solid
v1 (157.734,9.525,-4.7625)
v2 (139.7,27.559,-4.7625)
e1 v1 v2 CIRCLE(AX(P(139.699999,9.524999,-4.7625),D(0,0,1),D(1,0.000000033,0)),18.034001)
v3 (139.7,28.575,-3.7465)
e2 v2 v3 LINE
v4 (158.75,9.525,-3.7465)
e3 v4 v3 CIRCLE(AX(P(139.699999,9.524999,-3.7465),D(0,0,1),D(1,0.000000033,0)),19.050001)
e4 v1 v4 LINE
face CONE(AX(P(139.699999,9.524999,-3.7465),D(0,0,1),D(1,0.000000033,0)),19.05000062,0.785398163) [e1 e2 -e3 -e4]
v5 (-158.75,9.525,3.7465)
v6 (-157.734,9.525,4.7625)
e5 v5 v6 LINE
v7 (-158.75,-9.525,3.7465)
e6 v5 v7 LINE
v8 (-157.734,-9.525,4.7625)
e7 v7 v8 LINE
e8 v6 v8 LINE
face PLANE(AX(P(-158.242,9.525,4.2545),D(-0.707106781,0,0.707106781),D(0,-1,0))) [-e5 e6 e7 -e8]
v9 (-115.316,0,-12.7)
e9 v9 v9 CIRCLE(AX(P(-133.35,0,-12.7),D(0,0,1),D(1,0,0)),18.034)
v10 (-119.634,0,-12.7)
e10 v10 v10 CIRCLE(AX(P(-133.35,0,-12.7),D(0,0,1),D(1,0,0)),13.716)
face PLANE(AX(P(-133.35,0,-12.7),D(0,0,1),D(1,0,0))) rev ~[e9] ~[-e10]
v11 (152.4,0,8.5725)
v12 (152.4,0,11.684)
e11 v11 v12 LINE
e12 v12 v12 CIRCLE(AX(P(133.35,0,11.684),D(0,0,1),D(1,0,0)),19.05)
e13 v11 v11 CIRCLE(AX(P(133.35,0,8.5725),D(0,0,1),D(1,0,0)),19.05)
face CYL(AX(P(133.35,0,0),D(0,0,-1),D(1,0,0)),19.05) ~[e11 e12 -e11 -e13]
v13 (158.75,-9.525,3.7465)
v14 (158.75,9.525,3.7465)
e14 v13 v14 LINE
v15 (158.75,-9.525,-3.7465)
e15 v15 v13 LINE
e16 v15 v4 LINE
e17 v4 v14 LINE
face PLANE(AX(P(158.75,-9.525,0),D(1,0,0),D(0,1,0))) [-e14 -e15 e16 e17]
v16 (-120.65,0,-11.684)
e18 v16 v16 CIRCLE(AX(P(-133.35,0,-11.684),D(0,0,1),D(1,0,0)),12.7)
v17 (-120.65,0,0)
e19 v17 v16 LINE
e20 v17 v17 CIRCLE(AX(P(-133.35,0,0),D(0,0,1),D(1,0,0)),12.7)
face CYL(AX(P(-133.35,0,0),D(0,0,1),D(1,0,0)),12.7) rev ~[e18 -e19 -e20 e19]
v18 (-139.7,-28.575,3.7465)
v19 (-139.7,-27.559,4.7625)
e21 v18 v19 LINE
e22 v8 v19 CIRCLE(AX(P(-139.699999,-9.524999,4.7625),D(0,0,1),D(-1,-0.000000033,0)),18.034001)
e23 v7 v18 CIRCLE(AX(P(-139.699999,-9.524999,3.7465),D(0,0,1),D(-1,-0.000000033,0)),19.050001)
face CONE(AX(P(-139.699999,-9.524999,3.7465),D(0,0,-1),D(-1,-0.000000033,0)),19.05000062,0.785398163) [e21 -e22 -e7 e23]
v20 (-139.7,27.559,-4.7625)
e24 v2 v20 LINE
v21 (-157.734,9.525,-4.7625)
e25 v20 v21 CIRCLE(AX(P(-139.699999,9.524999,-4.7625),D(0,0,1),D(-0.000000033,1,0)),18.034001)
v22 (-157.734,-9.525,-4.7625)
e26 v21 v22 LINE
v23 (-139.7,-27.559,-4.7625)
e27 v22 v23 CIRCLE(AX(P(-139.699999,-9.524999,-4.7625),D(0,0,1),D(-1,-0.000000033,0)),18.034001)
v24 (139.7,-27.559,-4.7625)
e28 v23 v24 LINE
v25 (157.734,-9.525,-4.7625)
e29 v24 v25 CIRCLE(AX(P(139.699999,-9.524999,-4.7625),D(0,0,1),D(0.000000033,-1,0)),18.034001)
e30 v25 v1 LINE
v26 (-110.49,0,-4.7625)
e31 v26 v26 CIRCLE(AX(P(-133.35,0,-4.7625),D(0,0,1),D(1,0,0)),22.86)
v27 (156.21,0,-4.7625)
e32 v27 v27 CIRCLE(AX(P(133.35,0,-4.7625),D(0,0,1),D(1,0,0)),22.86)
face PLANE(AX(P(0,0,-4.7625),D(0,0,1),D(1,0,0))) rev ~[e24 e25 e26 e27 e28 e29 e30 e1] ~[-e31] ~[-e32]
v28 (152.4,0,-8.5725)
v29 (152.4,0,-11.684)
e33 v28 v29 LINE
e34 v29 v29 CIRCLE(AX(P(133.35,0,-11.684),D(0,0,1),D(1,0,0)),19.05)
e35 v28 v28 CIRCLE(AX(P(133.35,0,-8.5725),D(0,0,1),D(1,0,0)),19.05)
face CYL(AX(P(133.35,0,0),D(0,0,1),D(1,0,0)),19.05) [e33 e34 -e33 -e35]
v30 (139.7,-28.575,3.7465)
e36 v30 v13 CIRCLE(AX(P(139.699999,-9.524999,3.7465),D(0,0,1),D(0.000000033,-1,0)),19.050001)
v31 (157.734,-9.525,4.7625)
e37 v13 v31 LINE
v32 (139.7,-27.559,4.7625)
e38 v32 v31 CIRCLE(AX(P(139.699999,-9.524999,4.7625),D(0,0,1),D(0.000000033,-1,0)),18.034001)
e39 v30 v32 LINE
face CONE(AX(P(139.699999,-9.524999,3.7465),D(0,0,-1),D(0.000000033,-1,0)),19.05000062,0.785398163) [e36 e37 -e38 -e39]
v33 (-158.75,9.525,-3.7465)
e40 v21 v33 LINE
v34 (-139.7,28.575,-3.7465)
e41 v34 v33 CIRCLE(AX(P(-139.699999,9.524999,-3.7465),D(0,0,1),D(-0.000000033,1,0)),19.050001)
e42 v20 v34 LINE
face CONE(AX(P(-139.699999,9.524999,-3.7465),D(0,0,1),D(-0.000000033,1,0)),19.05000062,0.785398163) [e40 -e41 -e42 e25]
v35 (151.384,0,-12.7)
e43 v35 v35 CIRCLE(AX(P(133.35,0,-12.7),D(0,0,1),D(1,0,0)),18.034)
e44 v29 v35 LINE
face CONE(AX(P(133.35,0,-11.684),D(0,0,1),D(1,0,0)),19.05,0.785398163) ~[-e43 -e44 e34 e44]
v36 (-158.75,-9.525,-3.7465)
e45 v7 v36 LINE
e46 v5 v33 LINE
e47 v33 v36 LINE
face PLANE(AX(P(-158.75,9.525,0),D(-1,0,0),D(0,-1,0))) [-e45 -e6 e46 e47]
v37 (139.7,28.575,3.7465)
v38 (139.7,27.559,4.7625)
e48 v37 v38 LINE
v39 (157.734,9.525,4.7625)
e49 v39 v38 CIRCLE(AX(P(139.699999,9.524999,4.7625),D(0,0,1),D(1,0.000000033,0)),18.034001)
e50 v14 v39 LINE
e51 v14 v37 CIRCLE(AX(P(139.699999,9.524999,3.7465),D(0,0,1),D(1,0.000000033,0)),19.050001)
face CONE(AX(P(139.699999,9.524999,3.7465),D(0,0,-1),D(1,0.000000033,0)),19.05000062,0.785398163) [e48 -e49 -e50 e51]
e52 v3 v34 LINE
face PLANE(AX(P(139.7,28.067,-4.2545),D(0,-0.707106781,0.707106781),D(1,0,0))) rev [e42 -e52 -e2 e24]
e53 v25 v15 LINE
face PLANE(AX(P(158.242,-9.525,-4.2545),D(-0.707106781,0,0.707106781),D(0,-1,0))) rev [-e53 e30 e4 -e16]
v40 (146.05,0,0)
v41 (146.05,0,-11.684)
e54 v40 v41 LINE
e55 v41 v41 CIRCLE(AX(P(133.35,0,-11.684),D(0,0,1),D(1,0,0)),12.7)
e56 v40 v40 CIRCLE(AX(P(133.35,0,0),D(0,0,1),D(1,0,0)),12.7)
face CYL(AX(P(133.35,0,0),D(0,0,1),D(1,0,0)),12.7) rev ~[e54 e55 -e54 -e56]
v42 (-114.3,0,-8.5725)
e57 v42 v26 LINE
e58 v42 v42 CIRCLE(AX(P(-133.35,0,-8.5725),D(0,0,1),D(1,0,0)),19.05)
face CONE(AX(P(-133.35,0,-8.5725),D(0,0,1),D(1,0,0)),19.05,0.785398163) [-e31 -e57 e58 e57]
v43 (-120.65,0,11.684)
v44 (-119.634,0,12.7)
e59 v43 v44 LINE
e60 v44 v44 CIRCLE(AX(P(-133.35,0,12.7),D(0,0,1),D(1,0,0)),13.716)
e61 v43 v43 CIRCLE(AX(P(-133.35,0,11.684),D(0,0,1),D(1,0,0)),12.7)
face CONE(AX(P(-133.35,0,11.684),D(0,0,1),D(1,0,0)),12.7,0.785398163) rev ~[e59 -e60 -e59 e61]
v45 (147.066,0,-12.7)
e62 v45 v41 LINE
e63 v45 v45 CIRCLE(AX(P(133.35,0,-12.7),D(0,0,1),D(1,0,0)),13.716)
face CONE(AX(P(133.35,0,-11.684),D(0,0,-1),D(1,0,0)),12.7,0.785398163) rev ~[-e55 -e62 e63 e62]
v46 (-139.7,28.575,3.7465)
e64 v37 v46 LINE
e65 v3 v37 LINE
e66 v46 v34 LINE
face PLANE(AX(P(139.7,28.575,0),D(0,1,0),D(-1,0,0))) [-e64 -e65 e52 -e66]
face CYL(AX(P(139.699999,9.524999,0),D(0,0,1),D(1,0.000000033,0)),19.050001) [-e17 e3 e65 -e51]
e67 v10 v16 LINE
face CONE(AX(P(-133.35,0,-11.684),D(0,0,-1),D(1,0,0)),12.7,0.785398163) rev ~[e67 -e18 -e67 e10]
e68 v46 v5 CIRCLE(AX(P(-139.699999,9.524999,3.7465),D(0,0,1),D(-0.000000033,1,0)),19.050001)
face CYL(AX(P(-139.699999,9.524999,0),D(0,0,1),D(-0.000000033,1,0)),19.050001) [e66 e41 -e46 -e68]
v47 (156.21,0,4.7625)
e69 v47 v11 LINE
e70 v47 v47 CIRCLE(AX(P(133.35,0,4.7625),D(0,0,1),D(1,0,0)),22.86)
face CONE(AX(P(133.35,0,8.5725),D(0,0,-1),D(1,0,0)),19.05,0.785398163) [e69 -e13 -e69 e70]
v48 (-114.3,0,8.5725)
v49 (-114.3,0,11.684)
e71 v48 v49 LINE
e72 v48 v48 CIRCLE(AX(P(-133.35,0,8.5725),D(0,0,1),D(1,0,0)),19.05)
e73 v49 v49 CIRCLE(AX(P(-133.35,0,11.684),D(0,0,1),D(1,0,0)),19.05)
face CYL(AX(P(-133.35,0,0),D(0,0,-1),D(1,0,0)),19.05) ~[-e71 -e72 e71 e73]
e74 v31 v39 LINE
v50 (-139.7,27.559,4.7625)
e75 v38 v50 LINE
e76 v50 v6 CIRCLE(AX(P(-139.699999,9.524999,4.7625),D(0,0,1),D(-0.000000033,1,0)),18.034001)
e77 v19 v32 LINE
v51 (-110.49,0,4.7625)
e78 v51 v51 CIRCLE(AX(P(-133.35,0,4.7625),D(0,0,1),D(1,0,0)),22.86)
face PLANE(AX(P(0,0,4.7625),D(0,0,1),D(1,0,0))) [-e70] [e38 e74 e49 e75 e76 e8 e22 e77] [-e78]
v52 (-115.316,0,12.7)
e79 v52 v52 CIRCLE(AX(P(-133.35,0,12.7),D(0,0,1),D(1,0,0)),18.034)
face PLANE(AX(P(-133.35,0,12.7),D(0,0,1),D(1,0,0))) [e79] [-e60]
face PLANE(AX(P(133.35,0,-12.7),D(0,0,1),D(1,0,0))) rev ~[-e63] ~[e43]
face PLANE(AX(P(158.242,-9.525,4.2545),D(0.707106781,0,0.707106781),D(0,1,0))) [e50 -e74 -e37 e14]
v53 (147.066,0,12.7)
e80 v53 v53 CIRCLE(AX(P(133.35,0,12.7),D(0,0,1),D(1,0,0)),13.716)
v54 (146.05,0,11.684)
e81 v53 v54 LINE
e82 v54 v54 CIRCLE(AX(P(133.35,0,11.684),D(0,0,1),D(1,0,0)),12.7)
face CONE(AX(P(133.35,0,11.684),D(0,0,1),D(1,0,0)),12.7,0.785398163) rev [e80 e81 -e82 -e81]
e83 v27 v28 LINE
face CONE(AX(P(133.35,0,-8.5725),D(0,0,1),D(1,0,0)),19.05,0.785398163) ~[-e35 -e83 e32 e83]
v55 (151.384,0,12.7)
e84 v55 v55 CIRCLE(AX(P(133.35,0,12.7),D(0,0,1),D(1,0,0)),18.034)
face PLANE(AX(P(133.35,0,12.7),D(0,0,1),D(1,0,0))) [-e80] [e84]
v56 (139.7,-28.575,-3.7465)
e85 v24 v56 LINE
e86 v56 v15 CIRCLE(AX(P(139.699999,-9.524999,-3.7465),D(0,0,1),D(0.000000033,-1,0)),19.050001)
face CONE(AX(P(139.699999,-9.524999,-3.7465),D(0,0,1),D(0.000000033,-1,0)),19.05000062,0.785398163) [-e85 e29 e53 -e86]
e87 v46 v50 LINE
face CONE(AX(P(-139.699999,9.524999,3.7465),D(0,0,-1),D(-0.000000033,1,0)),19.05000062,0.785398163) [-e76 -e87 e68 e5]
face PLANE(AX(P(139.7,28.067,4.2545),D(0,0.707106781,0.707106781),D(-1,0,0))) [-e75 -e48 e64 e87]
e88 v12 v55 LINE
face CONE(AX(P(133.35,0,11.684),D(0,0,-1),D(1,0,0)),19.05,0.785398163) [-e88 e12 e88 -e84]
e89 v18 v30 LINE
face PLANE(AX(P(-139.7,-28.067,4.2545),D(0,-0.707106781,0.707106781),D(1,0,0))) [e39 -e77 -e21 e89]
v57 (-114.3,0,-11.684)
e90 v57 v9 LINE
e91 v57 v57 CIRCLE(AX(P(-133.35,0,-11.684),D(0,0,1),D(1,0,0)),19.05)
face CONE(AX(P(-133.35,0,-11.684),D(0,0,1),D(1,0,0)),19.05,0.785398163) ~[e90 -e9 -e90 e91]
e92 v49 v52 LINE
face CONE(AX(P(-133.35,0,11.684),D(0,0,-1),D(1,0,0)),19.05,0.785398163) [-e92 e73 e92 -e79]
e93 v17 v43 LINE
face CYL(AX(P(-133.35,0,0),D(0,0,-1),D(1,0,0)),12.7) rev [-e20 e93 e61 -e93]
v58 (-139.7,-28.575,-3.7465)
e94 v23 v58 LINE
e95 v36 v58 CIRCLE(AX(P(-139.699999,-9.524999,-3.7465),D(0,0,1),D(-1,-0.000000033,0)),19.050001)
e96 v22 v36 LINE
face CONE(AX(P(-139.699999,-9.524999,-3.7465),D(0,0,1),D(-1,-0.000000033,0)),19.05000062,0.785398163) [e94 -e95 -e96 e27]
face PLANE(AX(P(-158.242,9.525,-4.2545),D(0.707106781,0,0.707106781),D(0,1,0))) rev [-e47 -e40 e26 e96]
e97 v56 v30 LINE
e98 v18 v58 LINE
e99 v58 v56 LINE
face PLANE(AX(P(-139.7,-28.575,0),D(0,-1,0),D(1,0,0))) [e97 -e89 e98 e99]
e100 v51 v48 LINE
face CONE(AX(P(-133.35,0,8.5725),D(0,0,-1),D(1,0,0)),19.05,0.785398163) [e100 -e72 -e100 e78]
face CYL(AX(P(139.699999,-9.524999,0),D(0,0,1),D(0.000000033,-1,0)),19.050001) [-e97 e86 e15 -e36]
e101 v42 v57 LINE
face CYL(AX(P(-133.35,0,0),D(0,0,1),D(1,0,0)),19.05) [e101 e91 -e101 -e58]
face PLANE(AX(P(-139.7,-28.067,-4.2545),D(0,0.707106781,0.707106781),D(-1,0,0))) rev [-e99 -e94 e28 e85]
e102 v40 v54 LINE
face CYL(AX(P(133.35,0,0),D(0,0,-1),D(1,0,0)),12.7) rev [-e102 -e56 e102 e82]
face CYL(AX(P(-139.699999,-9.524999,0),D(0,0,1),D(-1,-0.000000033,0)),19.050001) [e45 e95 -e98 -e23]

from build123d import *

# Parameters (mm, degrees)
F0_R          = 19.05
F1_DEPTH      = 4.7625
F1_DEPTH_BACK = 4.7625
F0_R_2        = 12.7
F2_DEPTH      = 12.7
F2_DEPTH_BACK = 12.7
F3_SIZE       = 1.016
F4_SIZE       = 3.81


with BuildPart() as f1:
    # F0 (on Top) → F1 (new body, two sides)
    with BuildSketch(Plane.XY) as f1_sk:
        with BuildLine():
            Line((-139.7, -28.575), (139.7, -28.575))
            ThreePointArc((139.7, -28.575), (153.170384, -22.995384), (158.75, -9.525))
            Line((158.75, -9.525), (158.75, 9.525))
            ThreePointArc((158.75, 9.525), (153.170384, 22.995384), (139.7, 28.575))
            Line((139.7, 28.575), (-139.7, 28.575))
            ThreePointArc((-139.7, 28.575), (-153.170384, 22.995384), (-158.75, 9.525))
            Line((-158.75, 9.525), (-158.75, -9.525))
            ThreePointArc((-158.75, -9.525), (-153.170384, -22.995384), (-139.7, -28.575))
        make_face()
        with Locations((-133.35, 0)):
            Circle(F0_R, mode=Mode.SUBTRACT)
        with Locations((133.35, 0)):
            Circle(F0_R, mode=Mode.SUBTRACT)
    extrude(amount=F1_DEPTH)
    extrude(f1_sk.sketch, amount=-F1_DEPTH_BACK)

    # F0 (on Top) → F2 (join, two sides)
    with BuildSketch(Plane.XY) as f2_sk:
        with Locations((-133.35, 0)):
            Circle(F0_R)
        with Locations((-133.35, 0)):
            Circle(F0_R_2, mode=Mode.SUBTRACT)
        with Locations((133.35, 0)):
            Circle(F0_R)
        with Locations((133.35, 0)):
            Circle(F0_R_2, mode=Mode.SUBTRACT)
    extrude(amount=F2_DEPTH)
    extrude(f2_sk.sketch, amount=-F2_DEPTH_BACK)

    # F3
    f3_edges = [f1.edges().sort_by_distance(p)[0] for p in [
        (-139.7, -28.575, 0),
        (0, -28.575, 4.7625),
        (139.7, -28.575, 0),
        (0, -28.575, -4.7625),
        (158.75, 0, 4.7625),
        (158.75, 9.525, 0),
        (158.75, 0, -4.7625),
        (158.75, -9.525, 0),
        (0, 28.575, 4.7625),
        (-139.7, 28.575, 0),
        (0, 28.575, -4.7625),
        (139.7, 28.575, 0),
        (-158.75, 9.525, 0),
        (-158.75, 0, 4.7625),
        (-158.75, -9.525, 0),
        (-158.75, 0, -4.7625),
        (120.65, 0, 12.7),
        (146.05, 0, 0),
        (120.65, 0, -12.7),
        (-146.05, 0, 12.7),
        (-120.65, 0, 0),
        (-146.05, 0, -12.7),
        (-152.4, 0, -12.7),
        (114.3, 0, -12.7),
        (114.3, 0, 12.7),
        (-152.4, 0, 12.7),
    ]]
    chamfer(f3_edges, length=F3_SIZE)

    # F4
    f4_edges = [f1.edges().sort_by_distance(p)[0] for p in [
        (-152.4, 0, 4.7625),
        (-152.4, 0, -4.7625),
        (114.3, 0, -4.7625),
        (114.3, 0, 4.7625),
    ]]
    chamfer(f4_edges, length=F4_SIZE)


solid = f1.part
